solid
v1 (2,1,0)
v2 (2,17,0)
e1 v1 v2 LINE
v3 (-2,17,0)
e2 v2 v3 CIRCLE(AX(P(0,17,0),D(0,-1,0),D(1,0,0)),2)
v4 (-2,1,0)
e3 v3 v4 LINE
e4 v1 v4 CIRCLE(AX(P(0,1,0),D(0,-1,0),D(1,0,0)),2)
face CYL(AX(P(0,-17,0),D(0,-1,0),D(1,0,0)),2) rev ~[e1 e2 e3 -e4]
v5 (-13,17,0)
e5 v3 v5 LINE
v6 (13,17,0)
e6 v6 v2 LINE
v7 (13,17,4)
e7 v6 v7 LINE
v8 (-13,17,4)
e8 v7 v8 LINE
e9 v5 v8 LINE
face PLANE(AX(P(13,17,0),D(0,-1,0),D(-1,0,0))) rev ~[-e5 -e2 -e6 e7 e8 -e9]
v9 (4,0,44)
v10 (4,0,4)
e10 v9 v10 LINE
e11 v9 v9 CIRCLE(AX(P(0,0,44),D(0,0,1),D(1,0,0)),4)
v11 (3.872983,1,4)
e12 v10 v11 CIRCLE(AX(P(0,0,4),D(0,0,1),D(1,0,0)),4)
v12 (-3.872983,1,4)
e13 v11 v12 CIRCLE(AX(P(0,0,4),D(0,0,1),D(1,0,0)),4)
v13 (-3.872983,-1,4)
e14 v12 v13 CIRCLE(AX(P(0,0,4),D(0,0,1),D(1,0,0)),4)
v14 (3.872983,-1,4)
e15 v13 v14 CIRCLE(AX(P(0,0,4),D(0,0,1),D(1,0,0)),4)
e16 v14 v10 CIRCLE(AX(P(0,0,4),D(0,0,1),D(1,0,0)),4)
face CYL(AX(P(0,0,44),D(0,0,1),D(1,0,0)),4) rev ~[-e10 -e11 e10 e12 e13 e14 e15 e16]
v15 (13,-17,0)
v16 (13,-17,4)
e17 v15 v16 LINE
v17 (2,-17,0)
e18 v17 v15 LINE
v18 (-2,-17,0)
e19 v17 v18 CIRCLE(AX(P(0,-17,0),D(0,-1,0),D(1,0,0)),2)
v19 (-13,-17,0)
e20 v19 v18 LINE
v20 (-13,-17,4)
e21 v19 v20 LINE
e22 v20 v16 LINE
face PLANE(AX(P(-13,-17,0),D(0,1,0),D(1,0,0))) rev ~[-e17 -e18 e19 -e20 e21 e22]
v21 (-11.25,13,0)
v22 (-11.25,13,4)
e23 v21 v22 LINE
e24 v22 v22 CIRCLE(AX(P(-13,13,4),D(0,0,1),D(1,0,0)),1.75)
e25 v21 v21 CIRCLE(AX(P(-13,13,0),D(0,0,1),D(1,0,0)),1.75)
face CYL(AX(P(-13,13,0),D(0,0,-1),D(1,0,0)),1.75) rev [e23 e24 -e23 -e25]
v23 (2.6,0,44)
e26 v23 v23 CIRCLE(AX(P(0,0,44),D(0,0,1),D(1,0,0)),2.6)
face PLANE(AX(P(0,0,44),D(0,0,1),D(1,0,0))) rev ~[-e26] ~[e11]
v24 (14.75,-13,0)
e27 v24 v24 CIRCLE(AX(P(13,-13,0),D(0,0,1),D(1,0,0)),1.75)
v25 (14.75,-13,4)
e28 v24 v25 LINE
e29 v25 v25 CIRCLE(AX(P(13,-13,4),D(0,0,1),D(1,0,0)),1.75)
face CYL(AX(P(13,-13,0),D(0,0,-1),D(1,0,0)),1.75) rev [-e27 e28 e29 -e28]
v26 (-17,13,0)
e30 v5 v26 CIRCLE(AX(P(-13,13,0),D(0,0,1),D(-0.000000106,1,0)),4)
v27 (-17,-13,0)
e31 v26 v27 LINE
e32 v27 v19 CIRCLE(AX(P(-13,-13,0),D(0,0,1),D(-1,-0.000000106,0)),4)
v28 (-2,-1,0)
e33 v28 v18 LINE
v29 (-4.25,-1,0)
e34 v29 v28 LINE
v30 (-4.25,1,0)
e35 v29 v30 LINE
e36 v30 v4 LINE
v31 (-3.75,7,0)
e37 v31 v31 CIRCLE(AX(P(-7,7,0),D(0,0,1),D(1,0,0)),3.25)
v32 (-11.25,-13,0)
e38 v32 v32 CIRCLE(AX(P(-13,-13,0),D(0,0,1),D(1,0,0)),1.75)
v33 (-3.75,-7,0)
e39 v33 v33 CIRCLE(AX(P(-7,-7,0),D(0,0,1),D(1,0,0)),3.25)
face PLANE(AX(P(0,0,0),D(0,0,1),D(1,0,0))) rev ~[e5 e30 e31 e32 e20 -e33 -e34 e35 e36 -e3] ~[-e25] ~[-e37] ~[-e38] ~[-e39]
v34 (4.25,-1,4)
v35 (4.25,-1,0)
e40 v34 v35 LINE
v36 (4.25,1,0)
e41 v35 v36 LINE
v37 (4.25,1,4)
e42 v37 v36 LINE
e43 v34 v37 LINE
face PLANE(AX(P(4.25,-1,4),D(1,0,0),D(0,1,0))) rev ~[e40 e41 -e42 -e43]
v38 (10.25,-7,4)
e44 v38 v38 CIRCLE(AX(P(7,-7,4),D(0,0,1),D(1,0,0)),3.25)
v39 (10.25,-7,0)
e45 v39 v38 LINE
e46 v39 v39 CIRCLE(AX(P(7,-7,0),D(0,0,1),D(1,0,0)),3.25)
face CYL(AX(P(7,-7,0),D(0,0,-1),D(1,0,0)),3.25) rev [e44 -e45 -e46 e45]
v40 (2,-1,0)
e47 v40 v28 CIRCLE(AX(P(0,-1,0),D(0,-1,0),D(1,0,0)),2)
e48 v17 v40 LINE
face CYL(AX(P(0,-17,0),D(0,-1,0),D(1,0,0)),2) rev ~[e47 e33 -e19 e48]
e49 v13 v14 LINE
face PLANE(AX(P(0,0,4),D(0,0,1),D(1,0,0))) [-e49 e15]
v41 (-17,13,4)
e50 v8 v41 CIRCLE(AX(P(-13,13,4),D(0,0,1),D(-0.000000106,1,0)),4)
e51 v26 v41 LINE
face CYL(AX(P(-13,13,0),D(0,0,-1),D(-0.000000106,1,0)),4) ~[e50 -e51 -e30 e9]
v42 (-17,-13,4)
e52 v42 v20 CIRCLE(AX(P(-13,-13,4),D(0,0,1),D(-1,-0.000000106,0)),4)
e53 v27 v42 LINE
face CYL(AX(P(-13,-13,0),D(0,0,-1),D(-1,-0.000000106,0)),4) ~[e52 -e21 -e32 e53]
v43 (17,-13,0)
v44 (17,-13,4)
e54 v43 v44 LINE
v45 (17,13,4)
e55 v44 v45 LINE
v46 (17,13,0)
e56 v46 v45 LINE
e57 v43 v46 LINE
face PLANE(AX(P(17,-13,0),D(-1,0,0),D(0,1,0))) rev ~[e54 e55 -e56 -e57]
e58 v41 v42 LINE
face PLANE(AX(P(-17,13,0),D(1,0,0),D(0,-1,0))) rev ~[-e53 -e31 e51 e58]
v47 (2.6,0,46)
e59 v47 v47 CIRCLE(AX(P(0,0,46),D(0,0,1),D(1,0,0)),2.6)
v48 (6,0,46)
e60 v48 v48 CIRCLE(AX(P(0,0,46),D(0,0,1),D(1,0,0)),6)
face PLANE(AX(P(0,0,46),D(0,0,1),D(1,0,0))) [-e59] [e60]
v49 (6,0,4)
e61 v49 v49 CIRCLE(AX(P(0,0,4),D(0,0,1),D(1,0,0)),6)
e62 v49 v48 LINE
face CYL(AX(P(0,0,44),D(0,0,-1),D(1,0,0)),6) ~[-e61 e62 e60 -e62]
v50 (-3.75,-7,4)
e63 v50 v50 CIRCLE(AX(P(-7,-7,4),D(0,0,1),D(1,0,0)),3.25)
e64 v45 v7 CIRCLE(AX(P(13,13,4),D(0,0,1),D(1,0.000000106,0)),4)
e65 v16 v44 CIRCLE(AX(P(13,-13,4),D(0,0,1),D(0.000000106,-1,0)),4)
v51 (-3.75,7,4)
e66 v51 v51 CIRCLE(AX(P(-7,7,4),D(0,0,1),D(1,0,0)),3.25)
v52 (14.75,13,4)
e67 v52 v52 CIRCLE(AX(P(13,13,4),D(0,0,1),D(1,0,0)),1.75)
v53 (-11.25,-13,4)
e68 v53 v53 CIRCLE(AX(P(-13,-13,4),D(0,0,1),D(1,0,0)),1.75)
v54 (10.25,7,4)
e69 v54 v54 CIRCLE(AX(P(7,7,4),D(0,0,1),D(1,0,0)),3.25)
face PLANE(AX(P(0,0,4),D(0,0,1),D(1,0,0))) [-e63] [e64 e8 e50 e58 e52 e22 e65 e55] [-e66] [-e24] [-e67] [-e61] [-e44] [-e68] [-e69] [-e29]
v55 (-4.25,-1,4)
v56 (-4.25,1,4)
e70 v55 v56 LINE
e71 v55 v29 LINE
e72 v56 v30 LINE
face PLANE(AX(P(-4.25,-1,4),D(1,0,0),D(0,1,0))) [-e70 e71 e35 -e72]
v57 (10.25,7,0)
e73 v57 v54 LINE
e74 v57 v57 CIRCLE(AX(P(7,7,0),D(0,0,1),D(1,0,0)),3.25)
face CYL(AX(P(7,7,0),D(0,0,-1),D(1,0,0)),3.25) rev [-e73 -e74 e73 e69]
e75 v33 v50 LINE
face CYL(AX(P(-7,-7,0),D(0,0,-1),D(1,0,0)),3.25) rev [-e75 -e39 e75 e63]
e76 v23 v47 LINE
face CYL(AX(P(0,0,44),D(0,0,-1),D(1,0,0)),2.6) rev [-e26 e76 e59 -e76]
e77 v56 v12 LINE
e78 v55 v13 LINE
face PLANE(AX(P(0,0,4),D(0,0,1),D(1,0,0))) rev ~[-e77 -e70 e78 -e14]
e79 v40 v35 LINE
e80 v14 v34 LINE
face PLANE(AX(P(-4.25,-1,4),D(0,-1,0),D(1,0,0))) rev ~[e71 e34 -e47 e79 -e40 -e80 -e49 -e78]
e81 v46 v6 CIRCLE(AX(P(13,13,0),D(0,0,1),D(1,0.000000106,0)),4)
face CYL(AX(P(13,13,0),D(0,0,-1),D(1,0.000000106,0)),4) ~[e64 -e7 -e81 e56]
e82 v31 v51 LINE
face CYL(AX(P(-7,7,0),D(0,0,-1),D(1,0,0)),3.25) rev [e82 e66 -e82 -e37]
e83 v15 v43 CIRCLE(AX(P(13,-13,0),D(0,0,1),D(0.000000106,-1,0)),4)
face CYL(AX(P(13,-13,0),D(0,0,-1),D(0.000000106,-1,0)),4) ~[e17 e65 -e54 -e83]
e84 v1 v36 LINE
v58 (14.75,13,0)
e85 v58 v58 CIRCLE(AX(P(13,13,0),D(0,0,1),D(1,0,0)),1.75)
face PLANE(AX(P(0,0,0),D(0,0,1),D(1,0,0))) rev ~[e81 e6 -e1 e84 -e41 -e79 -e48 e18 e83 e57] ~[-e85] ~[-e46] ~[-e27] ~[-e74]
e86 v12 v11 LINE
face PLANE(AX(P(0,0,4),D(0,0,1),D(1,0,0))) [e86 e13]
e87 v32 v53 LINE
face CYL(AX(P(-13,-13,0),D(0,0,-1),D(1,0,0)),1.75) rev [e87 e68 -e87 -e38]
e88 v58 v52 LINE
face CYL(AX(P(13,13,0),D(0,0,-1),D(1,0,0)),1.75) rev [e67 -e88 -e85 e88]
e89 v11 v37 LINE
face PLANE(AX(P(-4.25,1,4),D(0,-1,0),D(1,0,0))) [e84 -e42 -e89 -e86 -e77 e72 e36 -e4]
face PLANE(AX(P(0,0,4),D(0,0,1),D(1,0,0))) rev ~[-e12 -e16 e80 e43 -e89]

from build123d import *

# Parameters (mm, degrees)
F0_R      = 1.75
F0_R_2    = 3.25
F1_DEPTH  = 4
F2_R      = 2
F3_DEPTH  = 34
F5_R      = 6
F6_DEPTH  = 40
F7_R      = 4
F8_DEPTH  = 40
F10_R     = 6
F10_R_2   = 2.6
F11_DEPTH = 2
F12_W     = 8.5
F12_H     = 2
F13_DEPTH = 10


with BuildPart() as f1:
    # F0 (on Top) → F1 (new body)
    with BuildSketch(Plane.XY):
        with BuildLine():
            ThreePointArc((-17, -13), (-15.828427, -15.828427), (-13, -17))
            Line((-13, -17), (13, -17))
            ThreePointArc((13, -17), (15.828427, -15.828427), (17, -13))
            Line((17, -13), (17, 13))
            ThreePointArc((17, 13), (15.828427, 15.828427), (13, 17))
            Line((13, 17), (-13, 17))
            ThreePointArc((-13, 17), (-15.828427, 15.828427), (-17, 13))
            Line((-17, 13), (-17, -13))
        make_face()
        with Locations((-13, -13)):
            Circle(F0_R, mode=Mode.SUBTRACT)
        with Locations((-7, -7)):
            Circle(F0_R_2, mode=Mode.SUBTRACT)
        with Locations((13, -13)):
            Circle(F0_R, mode=Mode.SUBTRACT)
        with Locations((7, -7)):
            Circle(F0_R_2, mode=Mode.SUBTRACT)
        with Locations((-7, 7)):
            Circle(F0_R_2, mode=Mode.SUBTRACT)
        with Locations((-13, 13)):
            Circle(F0_R, mode=Mode.SUBTRACT)
        with Locations((7, 7)):
            Circle(F0_R_2, mode=Mode.SUBTRACT)
        with Locations((13, 13)):
            Circle(F0_R, mode=Mode.SUBTRACT)
    extrude(amount=F1_DEPTH)


with BuildPart() as f3:
    # F2 (on face) → F3 (new body)
    with BuildSketch(Plane.XZ.offset(17)):
        Circle(F2_R)
    extrude(amount=-F3_DEPTH)


with BuildPart() as f1_1:
    add(f1.part)

    # F4: cut F3
    add(f3.part, mode=Mode.SUBTRACT)

    # F5 (on face) → F6 (join)
    with BuildSketch(Plane.XY.offset(4)):
        Circle(F5_R)
    extrude(amount=F6_DEPTH)


with BuildPart() as f8:
    # F7 (on face) → F8 (new body)
    with BuildSketch(Plane.XY.offset(44)):
        Circle(F7_R)
    extrude(amount=-F8_DEPTH)


with BuildPart() as f1_2:
    add(f1_1.part)

    # F9: cut F8
    add(f8.part, mode=Mode.SUBTRACT)

    # F10 (on face) → F11 (join)
    with BuildSketch(Plane.XY.offset(44)):
        Circle(F10_R)
        Circle(F10_R_2, mode=Mode.SUBTRACT)
    extrude(amount=F11_DEPTH)


with BuildPart() as f13:
    # F12 (on face) → F13 (new body)
    with BuildSketch(Plane.XY.offset(4)):
        Rectangle(F12_W, F12_H)
    extrude(amount=-F13_DEPTH)


with BuildPart() as f1_3:
    add(f1_2.part)

    # F14: cut F13
    add(f13.part, mode=Mode.SUBTRACT)


solid = f1_3.part
